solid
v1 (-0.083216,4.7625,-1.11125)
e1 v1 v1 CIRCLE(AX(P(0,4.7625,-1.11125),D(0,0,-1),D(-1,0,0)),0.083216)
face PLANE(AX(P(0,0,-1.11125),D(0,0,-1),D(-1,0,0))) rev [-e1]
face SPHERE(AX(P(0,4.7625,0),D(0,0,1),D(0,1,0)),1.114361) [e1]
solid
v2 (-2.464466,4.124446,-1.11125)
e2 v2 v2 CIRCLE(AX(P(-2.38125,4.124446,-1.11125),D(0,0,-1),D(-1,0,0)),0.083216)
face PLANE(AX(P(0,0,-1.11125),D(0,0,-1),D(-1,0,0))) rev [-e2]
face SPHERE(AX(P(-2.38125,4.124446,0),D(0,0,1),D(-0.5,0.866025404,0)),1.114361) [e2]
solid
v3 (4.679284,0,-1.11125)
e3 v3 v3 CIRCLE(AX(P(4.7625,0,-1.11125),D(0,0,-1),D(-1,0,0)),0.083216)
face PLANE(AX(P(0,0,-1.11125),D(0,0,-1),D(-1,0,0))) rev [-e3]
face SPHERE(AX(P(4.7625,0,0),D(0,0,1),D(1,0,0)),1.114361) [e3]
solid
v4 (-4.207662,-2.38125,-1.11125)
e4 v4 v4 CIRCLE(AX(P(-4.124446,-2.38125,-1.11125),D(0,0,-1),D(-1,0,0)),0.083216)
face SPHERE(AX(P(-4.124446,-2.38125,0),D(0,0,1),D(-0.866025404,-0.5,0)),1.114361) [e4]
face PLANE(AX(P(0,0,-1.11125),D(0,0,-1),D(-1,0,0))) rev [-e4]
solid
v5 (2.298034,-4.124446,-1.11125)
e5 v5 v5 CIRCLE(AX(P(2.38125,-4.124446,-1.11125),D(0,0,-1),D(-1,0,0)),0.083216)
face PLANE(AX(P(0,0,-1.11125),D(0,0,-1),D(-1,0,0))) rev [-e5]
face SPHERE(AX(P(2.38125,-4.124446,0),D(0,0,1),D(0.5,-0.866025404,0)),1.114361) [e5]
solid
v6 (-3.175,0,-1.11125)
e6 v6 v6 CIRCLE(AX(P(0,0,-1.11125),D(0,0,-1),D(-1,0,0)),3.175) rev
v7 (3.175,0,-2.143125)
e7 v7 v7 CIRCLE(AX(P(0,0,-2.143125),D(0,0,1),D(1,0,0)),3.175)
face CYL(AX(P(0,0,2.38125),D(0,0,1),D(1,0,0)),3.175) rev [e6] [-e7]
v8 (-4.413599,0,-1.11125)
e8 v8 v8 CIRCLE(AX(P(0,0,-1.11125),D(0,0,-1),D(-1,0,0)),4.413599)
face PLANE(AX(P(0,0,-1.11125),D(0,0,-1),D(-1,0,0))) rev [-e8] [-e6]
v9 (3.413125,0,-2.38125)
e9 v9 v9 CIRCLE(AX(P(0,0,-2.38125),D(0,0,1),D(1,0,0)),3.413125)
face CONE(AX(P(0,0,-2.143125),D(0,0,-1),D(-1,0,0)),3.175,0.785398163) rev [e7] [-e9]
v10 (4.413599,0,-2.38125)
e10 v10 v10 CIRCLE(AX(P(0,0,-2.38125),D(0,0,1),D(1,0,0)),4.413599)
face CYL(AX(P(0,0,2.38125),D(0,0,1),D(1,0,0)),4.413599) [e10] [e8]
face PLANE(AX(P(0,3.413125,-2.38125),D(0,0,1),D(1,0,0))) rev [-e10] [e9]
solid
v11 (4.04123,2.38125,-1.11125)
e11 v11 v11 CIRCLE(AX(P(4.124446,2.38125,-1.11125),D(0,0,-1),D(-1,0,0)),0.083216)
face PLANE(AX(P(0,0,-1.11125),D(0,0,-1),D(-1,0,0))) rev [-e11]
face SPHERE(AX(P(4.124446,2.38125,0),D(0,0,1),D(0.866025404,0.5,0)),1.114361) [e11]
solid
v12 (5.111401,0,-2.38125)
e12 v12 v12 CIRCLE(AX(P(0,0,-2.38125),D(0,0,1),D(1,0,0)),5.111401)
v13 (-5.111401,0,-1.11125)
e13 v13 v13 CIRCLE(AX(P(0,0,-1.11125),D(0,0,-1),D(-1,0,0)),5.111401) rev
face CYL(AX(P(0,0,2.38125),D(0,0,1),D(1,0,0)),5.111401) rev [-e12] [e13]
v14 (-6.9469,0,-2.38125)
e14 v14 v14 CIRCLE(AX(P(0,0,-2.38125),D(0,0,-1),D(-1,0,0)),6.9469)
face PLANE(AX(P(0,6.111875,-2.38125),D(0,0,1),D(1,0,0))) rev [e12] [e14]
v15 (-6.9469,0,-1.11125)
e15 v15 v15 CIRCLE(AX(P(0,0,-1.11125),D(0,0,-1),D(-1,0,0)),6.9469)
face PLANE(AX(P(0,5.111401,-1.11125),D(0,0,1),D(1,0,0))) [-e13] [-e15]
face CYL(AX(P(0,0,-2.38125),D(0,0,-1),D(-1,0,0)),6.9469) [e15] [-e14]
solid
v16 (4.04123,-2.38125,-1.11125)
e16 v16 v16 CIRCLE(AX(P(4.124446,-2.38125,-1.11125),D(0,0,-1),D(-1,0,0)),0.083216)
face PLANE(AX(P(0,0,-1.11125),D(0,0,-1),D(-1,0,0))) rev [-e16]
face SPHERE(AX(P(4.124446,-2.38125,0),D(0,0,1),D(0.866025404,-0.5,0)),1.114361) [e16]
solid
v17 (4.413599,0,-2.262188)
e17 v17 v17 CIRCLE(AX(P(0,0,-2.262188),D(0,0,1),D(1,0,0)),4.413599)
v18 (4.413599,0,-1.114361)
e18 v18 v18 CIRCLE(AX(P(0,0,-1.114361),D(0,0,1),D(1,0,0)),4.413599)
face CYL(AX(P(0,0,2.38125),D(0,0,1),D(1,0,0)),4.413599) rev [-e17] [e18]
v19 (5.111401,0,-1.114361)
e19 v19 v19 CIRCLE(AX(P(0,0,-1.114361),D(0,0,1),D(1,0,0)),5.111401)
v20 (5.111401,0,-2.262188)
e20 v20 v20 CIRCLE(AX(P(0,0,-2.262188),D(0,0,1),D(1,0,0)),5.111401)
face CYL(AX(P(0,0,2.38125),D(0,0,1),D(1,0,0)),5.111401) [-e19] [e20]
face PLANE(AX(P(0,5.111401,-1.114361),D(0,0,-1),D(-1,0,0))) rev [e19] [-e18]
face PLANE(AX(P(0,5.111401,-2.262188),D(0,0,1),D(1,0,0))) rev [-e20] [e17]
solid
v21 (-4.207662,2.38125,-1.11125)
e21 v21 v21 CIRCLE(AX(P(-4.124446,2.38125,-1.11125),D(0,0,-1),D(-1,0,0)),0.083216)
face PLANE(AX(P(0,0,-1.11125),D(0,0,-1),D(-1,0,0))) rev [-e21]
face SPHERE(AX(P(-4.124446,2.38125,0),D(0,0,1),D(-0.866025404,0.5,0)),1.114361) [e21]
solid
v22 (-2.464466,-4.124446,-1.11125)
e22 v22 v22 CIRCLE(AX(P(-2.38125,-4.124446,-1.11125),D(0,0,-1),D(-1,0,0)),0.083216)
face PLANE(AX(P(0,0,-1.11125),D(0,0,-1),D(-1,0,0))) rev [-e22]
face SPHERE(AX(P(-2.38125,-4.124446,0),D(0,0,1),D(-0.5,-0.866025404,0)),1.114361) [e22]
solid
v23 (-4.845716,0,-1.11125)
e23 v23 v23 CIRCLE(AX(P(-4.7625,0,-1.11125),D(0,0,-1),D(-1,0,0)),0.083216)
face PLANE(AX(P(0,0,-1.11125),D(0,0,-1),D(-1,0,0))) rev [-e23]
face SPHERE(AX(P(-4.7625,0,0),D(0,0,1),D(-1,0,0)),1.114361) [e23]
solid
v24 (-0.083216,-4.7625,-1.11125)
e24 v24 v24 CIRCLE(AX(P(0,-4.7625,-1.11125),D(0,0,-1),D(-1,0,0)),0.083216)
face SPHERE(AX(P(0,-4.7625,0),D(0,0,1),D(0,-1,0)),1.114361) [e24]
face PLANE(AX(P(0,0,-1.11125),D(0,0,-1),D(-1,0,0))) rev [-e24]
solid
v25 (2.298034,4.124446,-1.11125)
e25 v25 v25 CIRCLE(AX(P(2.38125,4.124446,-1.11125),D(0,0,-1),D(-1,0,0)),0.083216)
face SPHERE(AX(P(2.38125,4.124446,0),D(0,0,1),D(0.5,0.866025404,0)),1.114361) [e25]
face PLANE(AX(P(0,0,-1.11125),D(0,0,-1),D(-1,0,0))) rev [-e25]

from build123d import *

# Parameters (mm, degrees)
CIRPATTERN1_COUNT  = 12
SKETCH5_W          = 1.147826059
SKETCH5_H          = 0.697802198
SKETCH6_W          = 1.27
SKETCH6_H          = 1.835498901
SKETCH7_R          = 6.35
CUT_EXTRUDE1_DEPTH = 21.692531665


with BuildPart() as part:
    # Sketch1 → Revolve1 (revolve)
    with BuildSketch(Plane(origin=(0, 0, 0), x_dir=(0, 0, -1), z_dir=(1, 0, 0))):
        with BuildLine():
            Line((2.143125, 6.35), (-2.143125, 6.35))
            Line((-2.143125, 6.35), (-2.38125, 6.111875))
            Line((-2.38125, 6.111875), (-2.38125, 5.111401099))
            Line((-2.38125, 5.111401099), (-1.058333333, 5.111401099))
            ThreePointArc((-1.058333333, 5.111401099), (0, 5.876861441), (1.058333333, 5.111401099))
            Line((1.058333333, 5.111401099), (2.38125, 5.111401099))
            Line((2.38125, 5.111401099), (2.38125, 6.111875))
            Line((2.38125, 6.111875), (2.143125, 6.35))
        make_face()
    revolve(axis=Axis((0, 0, 2.38125), (0, 0, -1)))

    # Sketch6 → Revolve6 (revolve)
    with BuildSketch(Plane(origin=(0, 0, 0), x_dir=(0, 0, -1), z_dir=(1, 0, 0))):
        with Locations((1.74625, 6.02915055)):
            Rectangle(SKETCH6_W, SKETCH6_H)
    revolve(axis=Axis((0, 0, -2.38125), (0, 0, 1)))


with BuildPart() as body_2:
    # Sketch3 → Revolve3 (revolve)
    with BuildSketch(Plane(origin=(0, 0, 0), x_dir=(0, 0, -1), z_dir=(1, 0, 0))):
        with BuildLine():
            Line((-2.38125, 4.413598901), (-1.058333333, 4.413598901))
            ThreePointArc((-1.058333333, 4.413598901), (0, 3.648138559), (1.058333333, 4.413598901))
            Line((1.058333333, 4.413598901), (2.38125, 4.413598901))
            Line((2.38125, 4.413598901), (2.38125, 3.413125))
            Line((2.38125, 3.413125), (2.143125, 3.175))
            Line((2.143125, 3.175), (-2.143125, 3.175))
            Line((-2.143125, 3.175), (-2.38125, 3.413125))
            Line((-2.38125, 3.413125), (-2.38125, 4.413598901))
        make_face()
    revolve(axis=Axis((0, 0, 2.38125), (0, 0, -1)))


with BuildPart() as body_3:
    # Sketch4 → Revolve4 (revolve)
    with BuildSketch(Plane(origin=(0, 0, 0), x_dir=(0, 0, -1), z_dir=(1, 0, 0))):
        with BuildLine():
            Line((-1.114361441, 4.7625), (1.114361441, 4.7625))
            ThreePointArc((1.114361441, 4.7625), (0, 5.876861441), (-1.114361441, 4.7625))
        make_face()
    revolve(axis=Axis((0, 4.7625, 1.114361441), (0, 0, -1)))


with BuildPart() as cirpattern1_1:
    # CirPattern1: pattern copy
    add(body_3.part.rotate(Axis((0, 0, -2.38125), (0, 0, 1)), 1 * 360 / CIRPATTERN1_COUNT))


with BuildPart() as cirpattern1_2:
    # CirPattern1: pattern copy
    add(body_3.part.rotate(Axis((0, 0, -2.38125), (0, 0, 1)), 2 * 360 / CIRPATTERN1_COUNT))


with BuildPart() as cirpattern1_3:
    # CirPattern1: pattern copy
    add(body_3.part.rotate(Axis((0, 0, -2.38125), (0, 0, 1)), 3 * 360 / CIRPATTERN1_COUNT))


with BuildPart() as cirpattern1_4:
    # CirPattern1: pattern copy
    add(body_3.part.rotate(Axis((0, 0, -2.38125), (0, 0, 1)), 4 * 360 / CIRPATTERN1_COUNT))


with BuildPart() as cirpattern1_5:
    # CirPattern1: pattern copy
    add(body_3.part.rotate(Axis((0, 0, -2.38125), (0, 0, 1)), 5 * 360 / CIRPATTERN1_COUNT))


with BuildPart() as cirpattern1_6:
    # CirPattern1: pattern copy
    add(body_3.part.rotate(Axis((0, 0, -2.38125), (0, 0, 1)), 6 * 360 / CIRPATTERN1_COUNT))


with BuildPart() as cirpattern1_7:
    # CirPattern1: pattern copy
    add(body_3.part.rotate(Axis((0, 0, -2.38125), (0, 0, 1)), 7 * 360 / CIRPATTERN1_COUNT))


with BuildPart() as cirpattern1_8:
    # CirPattern1: pattern copy
    add(body_3.part.rotate(Axis((0, 0, -2.38125), (0, 0, 1)), 8 * 360 / CIRPATTERN1_COUNT))


with BuildPart() as cirpattern1_9:
    # CirPattern1: pattern copy
    add(body_3.part.rotate(Axis((0, 0, -2.38125), (0, 0, 1)), 9 * 360 / CIRPATTERN1_COUNT))


with BuildPart() as cirpattern1_10:
    # CirPattern1: pattern copy
    add(body_3.part.rotate(Axis((0, 0, -2.38125), (0, 0, 1)), 10 * 360 / CIRPATTERN1_COUNT))


with BuildPart() as cirpattern1_11:
    # CirPattern1: pattern copy
    add(body_3.part.rotate(Axis((0, 0, -2.38125), (0, 0, 1)), 11 * 360 / CIRPATTERN1_COUNT))


with BuildPart() as body_15:
    # Sketch5 → Revolve5 (revolve)
    with BuildSketch(Plane(origin=(0, 0, 0), x_dir=(0, 0, -1), z_dir=(1, 0, 0))):
        with Locations((-1.688274471, 4.7625)):
            Rectangle(SKETCH5_W, SKETCH5_H)
        with Locations((1.688274471, 4.7625)):
            Rectangle(SKETCH5_W, SKETCH5_H)
    revolve(axis=Axis((0, 0, 2.38125), (0, 0, -1)))


with BuildPart() as cut_extrude1_tool:
    # Sketch7 → Cut-Extrude1 (new, through all)
    with BuildSketch(Plane(origin=(-4.885869902, 9.665410703, -1.11125), x_dir=(-0.7071067811865512, 0.7071067811865439, 0), z_dir=(0, 0, -1))):
        with Locations((-10.289309191, -3.379645711)):
            Circle(SKETCH7_R)
    extrude(amount=-CUT_EXTRUDE1_DEPTH)


with BuildPart() as part_1:
    add(part.part)

    # Cut-Extrude1: cut by cut_extrude1_tool
    add(cut_extrude1_tool.part, mode=Mode.SUBTRACT)


with BuildPart() as body_2_1:
    add(body_2.part)

    # Cut-Extrude1: cut by cut_extrude1_tool
    add(cut_extrude1_tool.part, mode=Mode.SUBTRACT)


with BuildPart() as body_3_1:
    add(body_3.part)

    # Cut-Extrude1: cut by cut_extrude1_tool
    add(cut_extrude1_tool.part, mode=Mode.SUBTRACT)


with BuildPart() as cirpattern1_1_1:
    add(cirpattern1_1.part)

    # Cut-Extrude1: cut by cut_extrude1_tool
    add(cut_extrude1_tool.part, mode=Mode.SUBTRACT)


with BuildPart() as cirpattern1_2_1:
    add(cirpattern1_2.part)

    # Cut-Extrude1: cut by cut_extrude1_tool
    add(cut_extrude1_tool.part, mode=Mode.SUBTRACT)


with BuildPart() as cirpattern1_3_1:
    add(cirpattern1_3.part)

    # Cut-Extrude1: cut by cut_extrude1_tool
    add(cut_extrude1_tool.part, mode=Mode.SUBTRACT)


with BuildPart() as cirpattern1_4_1:
    add(cirpattern1_4.part)

    # Cut-Extrude1: cut by cut_extrude1_tool
    add(cut_extrude1_tool.part, mode=Mode.SUBTRACT)


with BuildPart() as cirpattern1_5_1:
    add(cirpattern1_5.part)

    # Cut-Extrude1: cut by cut_extrude1_tool
    add(cut_extrude1_tool.part, mode=Mode.SUBTRACT)


with BuildPart() as cirpattern1_6_1:
    add(cirpattern1_6.part)

    # Cut-Extrude1: cut by cut_extrude1_tool
    add(cut_extrude1_tool.part, mode=Mode.SUBTRACT)


with BuildPart() as cirpattern1_7_1:
    add(cirpattern1_7.part)

    # Cut-Extrude1: cut by cut_extrude1_tool
    add(cut_extrude1_tool.part, mode=Mode.SUBTRACT)


with BuildPart() as cirpattern1_8_1:
    add(cirpattern1_8.part)

    # Cut-Extrude1: cut by cut_extrude1_tool
    add(cut_extrude1_tool.part, mode=Mode.SUBTRACT)


with BuildPart() as cirpattern1_9_1:
    add(cirpattern1_9.part)

    # Cut-Extrude1: cut by cut_extrude1_tool
    add(cut_extrude1_tool.part, mode=Mode.SUBTRACT)


with BuildPart() as cirpattern1_10_1:
    add(cirpattern1_10.part)

    # Cut-Extrude1: cut by cut_extrude1_tool
    add(cut_extrude1_tool.part, mode=Mode.SUBTRACT)


with BuildPart() as cirpattern1_11_1:
    add(cirpattern1_11.part)

    # Cut-Extrude1: cut by cut_extrude1_tool
    add(cut_extrude1_tool.part, mode=Mode.SUBTRACT)


with BuildPart() as body_15_1:
    add(body_15.part)

    # Cut-Extrude1: cut by cut_extrude1_tool
    add(cut_extrude1_tool.part, mode=Mode.SUBTRACT)


solid = Compound([part_1.part, body_2_1.part, body_3_1.part, cirpattern1_1_1.part, cirpattern1_2_1.part, cirpattern1_3_1.part, cirpattern1_4_1.part, cirpattern1_5_1.part, cirpattern1_6_1.part, cirpattern1_7_1.part, cirpattern1_8_1.part, cirpattern1_9_1.part, cirpattern1_10_1.part, cirpattern1_11_1.part, body_15_1.part])
